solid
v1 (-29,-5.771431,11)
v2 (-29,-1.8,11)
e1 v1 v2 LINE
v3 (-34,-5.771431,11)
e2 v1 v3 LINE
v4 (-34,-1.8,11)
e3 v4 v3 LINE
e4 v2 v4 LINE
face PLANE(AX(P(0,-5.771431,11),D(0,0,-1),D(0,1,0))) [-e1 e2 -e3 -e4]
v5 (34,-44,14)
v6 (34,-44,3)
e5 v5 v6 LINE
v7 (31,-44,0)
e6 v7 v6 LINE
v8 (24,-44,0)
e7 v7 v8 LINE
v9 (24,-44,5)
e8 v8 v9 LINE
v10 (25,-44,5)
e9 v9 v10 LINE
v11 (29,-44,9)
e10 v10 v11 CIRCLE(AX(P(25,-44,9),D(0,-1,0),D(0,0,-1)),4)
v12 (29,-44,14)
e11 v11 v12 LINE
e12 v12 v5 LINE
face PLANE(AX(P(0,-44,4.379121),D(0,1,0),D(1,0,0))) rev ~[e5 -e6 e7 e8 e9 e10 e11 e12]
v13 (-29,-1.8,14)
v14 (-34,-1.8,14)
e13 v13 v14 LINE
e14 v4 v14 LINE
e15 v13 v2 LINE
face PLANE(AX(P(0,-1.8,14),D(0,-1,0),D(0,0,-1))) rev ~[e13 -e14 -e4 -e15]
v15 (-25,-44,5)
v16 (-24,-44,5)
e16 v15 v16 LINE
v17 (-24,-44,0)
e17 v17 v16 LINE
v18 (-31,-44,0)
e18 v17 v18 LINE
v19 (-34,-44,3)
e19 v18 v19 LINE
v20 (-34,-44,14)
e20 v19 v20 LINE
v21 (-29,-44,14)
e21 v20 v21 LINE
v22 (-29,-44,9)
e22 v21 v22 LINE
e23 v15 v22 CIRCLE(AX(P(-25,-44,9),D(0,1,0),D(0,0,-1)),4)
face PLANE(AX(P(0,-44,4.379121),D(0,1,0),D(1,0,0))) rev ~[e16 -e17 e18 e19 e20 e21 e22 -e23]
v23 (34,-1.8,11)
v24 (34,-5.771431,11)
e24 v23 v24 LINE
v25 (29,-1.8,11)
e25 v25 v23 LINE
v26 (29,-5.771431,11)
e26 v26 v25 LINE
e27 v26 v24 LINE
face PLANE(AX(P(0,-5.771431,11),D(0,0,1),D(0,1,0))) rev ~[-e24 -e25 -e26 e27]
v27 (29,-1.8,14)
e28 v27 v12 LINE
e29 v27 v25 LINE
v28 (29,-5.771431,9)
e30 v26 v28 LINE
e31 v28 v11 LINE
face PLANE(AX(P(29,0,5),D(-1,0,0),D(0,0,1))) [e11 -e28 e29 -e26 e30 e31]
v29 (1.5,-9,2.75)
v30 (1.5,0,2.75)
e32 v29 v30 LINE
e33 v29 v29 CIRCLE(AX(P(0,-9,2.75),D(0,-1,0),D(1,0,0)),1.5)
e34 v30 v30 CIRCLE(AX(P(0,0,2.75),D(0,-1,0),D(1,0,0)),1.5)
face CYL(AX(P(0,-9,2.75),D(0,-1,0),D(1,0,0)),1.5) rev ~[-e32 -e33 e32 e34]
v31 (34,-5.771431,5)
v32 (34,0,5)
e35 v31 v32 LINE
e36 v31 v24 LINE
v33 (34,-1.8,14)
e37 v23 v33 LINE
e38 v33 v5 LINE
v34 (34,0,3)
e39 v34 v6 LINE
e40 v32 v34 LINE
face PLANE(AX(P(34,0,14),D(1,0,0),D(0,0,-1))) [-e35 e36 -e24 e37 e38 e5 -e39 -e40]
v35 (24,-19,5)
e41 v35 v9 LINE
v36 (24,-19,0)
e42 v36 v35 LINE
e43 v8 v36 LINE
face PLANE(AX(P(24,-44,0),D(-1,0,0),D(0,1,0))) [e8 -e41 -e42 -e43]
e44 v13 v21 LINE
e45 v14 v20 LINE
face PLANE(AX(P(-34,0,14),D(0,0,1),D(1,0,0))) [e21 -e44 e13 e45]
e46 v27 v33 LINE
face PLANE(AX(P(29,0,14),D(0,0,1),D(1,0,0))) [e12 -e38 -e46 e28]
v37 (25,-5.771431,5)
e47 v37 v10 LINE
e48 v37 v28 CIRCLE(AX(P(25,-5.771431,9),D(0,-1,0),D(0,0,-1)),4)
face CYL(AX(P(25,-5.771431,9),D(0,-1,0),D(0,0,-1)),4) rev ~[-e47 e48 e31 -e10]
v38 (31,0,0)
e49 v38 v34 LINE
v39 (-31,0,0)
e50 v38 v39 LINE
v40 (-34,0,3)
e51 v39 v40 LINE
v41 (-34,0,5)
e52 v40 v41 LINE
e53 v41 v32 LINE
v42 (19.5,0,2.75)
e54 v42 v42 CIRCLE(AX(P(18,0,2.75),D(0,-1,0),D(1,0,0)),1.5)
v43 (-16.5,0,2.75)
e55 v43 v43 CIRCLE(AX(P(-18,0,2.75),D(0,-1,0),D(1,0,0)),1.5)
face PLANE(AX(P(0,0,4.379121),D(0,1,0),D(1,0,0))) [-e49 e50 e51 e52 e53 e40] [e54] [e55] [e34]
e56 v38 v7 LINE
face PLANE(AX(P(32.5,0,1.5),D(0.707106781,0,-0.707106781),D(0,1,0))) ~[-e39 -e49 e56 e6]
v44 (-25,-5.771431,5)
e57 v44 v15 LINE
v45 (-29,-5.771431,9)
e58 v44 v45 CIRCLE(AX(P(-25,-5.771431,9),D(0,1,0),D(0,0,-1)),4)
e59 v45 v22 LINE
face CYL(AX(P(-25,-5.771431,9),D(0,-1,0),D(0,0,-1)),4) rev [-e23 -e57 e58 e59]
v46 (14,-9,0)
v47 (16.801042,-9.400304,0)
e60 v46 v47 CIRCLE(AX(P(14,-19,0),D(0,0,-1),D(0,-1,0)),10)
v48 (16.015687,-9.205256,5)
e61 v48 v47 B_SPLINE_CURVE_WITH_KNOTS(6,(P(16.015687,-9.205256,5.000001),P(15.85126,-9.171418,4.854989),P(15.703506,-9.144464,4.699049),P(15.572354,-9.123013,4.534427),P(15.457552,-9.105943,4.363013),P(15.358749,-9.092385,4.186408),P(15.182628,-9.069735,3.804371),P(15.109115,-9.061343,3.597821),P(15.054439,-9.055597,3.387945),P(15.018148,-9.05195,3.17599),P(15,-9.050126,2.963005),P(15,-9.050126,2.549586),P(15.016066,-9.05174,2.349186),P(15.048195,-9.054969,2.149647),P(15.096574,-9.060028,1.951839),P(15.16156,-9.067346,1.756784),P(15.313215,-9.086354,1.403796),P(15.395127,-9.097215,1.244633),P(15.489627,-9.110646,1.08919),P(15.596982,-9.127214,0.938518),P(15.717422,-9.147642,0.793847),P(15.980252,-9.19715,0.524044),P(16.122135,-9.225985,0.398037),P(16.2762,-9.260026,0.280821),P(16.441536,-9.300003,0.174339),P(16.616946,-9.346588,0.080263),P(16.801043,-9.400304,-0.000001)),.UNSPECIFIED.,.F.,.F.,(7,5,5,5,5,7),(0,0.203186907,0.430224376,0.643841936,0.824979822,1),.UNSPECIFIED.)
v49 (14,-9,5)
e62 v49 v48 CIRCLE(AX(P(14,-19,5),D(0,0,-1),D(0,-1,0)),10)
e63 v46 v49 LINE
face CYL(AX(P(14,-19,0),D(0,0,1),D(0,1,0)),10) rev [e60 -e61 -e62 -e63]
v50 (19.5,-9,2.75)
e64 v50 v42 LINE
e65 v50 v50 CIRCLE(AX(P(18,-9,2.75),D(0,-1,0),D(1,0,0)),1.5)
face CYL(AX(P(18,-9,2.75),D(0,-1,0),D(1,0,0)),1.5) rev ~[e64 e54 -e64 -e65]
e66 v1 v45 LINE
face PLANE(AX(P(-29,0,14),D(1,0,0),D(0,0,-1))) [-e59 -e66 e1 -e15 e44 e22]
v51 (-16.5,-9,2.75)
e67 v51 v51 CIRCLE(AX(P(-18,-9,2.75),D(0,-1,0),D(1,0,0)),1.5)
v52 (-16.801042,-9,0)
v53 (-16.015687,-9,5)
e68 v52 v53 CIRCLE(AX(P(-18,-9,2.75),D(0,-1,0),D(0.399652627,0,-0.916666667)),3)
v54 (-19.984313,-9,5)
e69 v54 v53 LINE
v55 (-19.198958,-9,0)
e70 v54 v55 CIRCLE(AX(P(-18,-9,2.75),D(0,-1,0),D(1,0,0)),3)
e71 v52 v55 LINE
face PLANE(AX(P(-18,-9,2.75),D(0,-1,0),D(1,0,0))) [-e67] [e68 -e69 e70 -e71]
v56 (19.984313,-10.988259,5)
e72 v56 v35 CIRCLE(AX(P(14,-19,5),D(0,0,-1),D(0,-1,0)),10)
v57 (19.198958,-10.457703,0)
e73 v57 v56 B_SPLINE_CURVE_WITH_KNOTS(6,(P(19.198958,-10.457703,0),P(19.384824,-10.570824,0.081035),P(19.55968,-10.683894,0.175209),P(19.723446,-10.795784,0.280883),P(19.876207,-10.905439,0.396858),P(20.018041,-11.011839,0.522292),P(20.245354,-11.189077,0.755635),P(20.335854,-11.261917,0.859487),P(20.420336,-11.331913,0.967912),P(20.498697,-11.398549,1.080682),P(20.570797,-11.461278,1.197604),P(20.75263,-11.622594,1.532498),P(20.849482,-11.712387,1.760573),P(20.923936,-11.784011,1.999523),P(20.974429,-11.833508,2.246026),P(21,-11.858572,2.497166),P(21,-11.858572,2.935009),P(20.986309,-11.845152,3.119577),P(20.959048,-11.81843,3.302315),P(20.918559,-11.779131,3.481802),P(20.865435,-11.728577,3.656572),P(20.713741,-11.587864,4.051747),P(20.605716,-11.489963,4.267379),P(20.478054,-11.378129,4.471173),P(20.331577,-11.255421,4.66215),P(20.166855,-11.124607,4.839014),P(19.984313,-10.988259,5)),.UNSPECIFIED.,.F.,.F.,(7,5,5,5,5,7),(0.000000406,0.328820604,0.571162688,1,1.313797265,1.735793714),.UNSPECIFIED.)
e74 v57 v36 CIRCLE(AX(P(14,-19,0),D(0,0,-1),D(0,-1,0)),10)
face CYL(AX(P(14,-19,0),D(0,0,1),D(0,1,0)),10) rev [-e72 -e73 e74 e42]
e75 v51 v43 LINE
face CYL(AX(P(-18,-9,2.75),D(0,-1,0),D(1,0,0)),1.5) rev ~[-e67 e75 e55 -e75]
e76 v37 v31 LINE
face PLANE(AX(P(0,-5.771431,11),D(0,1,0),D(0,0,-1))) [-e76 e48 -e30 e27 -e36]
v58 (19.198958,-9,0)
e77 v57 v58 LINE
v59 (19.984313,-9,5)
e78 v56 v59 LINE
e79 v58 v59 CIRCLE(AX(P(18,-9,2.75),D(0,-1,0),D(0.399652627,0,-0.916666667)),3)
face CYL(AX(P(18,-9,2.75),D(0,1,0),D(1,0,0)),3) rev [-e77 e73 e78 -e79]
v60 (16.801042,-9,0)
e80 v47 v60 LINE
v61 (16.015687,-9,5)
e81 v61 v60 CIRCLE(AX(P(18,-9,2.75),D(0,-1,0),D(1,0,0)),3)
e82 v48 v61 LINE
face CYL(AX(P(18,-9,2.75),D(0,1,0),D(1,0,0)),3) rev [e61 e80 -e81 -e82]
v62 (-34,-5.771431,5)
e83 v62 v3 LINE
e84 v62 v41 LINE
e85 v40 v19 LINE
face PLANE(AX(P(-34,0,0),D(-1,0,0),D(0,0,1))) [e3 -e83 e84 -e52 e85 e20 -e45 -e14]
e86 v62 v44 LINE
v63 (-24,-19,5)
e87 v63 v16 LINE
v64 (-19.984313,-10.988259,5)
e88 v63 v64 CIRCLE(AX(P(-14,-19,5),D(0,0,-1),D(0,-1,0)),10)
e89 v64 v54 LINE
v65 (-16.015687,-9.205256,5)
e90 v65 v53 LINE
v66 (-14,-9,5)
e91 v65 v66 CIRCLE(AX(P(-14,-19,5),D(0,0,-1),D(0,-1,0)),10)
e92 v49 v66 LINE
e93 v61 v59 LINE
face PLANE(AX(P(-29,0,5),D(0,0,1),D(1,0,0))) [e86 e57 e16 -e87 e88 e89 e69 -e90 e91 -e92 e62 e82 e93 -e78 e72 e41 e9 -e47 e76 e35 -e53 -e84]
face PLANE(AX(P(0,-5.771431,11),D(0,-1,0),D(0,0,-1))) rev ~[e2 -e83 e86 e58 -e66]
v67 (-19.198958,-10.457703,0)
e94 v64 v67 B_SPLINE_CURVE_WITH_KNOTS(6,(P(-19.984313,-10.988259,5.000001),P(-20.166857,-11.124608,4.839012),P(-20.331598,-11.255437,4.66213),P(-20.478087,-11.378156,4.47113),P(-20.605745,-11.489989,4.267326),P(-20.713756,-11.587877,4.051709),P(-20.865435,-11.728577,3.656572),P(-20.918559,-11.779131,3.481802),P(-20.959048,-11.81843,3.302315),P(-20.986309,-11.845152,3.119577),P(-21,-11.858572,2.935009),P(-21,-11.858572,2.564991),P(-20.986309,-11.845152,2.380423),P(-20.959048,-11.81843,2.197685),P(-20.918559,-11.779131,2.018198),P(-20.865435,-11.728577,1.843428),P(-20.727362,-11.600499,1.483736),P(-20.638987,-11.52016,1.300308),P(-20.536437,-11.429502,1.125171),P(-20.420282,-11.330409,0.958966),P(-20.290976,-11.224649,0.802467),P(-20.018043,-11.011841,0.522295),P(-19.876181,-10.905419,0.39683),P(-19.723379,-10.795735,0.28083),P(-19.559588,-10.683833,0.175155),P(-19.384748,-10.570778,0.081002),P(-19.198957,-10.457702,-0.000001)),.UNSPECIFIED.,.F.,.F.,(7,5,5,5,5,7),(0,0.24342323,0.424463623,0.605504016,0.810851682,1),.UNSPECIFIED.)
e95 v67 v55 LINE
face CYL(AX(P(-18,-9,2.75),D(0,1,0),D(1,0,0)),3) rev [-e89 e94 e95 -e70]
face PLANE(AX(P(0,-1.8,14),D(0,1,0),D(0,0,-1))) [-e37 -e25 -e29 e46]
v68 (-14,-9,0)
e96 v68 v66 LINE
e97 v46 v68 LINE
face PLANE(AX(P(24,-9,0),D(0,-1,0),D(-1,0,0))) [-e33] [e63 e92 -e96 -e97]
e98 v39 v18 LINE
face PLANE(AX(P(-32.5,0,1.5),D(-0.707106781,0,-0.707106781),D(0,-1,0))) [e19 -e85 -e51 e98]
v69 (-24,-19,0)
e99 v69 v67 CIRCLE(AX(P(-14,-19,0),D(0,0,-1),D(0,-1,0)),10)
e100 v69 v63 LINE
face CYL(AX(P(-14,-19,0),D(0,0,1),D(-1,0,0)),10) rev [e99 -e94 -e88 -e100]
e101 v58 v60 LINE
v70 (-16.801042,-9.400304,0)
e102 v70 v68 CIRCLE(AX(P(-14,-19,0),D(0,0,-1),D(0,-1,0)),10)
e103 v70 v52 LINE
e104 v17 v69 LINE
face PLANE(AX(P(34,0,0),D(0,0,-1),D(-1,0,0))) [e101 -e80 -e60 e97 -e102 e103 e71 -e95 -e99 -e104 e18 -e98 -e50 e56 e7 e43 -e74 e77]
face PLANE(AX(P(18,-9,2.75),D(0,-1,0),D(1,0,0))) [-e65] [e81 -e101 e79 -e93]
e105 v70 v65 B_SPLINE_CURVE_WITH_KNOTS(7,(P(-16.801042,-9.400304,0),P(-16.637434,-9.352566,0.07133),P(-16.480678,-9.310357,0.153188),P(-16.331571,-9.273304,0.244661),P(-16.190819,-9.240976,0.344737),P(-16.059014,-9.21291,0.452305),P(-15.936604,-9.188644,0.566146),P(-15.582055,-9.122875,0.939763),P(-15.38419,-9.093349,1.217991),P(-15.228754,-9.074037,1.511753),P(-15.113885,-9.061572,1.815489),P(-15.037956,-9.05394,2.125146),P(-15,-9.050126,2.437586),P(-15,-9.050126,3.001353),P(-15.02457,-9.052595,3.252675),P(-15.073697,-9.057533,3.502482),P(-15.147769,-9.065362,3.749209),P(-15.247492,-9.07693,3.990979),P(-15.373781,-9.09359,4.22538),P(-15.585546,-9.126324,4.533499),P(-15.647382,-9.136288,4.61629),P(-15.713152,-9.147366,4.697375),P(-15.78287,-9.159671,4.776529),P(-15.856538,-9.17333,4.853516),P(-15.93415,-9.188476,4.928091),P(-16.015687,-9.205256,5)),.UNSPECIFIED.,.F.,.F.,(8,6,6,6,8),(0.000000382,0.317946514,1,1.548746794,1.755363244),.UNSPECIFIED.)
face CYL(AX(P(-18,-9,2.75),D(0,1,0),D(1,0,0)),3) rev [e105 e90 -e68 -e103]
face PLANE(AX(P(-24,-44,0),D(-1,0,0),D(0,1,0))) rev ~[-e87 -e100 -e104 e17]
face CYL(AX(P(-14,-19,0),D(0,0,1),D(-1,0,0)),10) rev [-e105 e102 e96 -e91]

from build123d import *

# Parameters (mm, degrees)
BOSS_EXTRUDE1_DEPTH     = 44
SKETCH2_W               = 48
SKETCH2_H               = 35
CUT_EXTRUDE1_DEPTH      = 15
FILLET1_R               = 10
SKETCH3_R               = 1.5
CUT_EXTRUDE2_DEPTH      = 36
CUT_EXTRUDE2_DEPTH_BACK = 10
CHAMFER1_SIZE           = 3
SKETCH4_W               = 9
SKETCH4_H               = 1.8
CUT_EXTRUDE3_DEPTH      = 35
CUT_EXTRUDE3_DEPTH_BACK = 35
SKETCH5_W               = 6
SKETCH5_H               = 3.971430967
CUT_EXTRUDE4_DEPTH      = 35
CUT_EXTRUDE4_DEPTH_BACK = 35
SKETCH6_R               = 3
CUT_EXTRUDE6_DEPTH      = 11
FILLET2_R               = 4


with BuildPart() as part:
    # Sketch1 → Boss-Extrude1 (new body)
    with BuildSketch(Plane(origin=(0, 0, 0), x_dir=(1, 0, 0), z_dir=(0, 1, 0))):
        Polygon((34, 0), (-34, 0), (-34, -14), (-29, -14), (-29, -5), (29, -5), (29, -14), (34, -14), align=None)
    extrude(amount=-BOSS_EXTRUDE1_DEPTH)

    # Sketch2 → Cut-Extrude1 (cut, through all)
    with BuildSketch(Plane(origin=(0, 0, 0), x_dir=(-1, 0, 0), z_dir=(0, 0, -1))):
        with Locations((0, -26.5)):
            Rectangle(SKETCH2_W, SKETCH2_H)
    extrude(amount=-CUT_EXTRUDE1_DEPTH, mode=Mode.SUBTRACT)

    # Fillet1
    fillet1_edges = [part.edges().sort_by_distance(p)[0] for p in [
        (-24, -9, 2.5),
        (24, -9, 2.5),
    ]]
    fillet(fillet1_edges, radius=FILLET1_R)

    # Sketch3 → Cut-Extrude2 (cut, two sides)
    with BuildSketch(Plane.XZ.offset(9)) as cut_extrude2_sk:
        with Locations((0, 2.75)):
            Circle(SKETCH3_R)
        with Locations((-18, 2.75)):
            Circle(SKETCH3_R)
        with Locations((18, 2.75)):
            Circle(SKETCH3_R)
    extrude(amount=CUT_EXTRUDE2_DEPTH, mode=Mode.SUBTRACT)
    extrude(cut_extrude2_sk.sketch, amount=-CUT_EXTRUDE2_DEPTH_BACK, mode=Mode.SUBTRACT)

    # Chamfer1
    chamfer1_edges = [part.edges().sort_by_distance(p)[0] for p in [
        (-34, -22, 0),
        (34, -22, 0),
    ]]
    chamfer(chamfer1_edges, length=CHAMFER1_SIZE)

    # Sketch4 → Cut-Extrude3 (cut, two sides)
    with BuildSketch(Plane(origin=(0, 0, 0), x_dir=(0, 0, -1), z_dir=(1, 0, 0))) as cut_extrude3_sk:
        with Locations((-9.5, -0.9)):
            Rectangle(SKETCH4_W, SKETCH4_H)
    extrude(amount=CUT_EXTRUDE3_DEPTH, mode=Mode.SUBTRACT)
    extrude(cut_extrude3_sk.sketch, amount=-CUT_EXTRUDE3_DEPTH_BACK, mode=Mode.SUBTRACT)

    # Sketch5 → Cut-Extrude4 (cut, two sides)
    with BuildSketch(Plane(origin=(0, 0, 0), x_dir=(0, 0, -1), z_dir=(1, 0, 0))) as cut_extrude4_sk:
        with Locations((-8, -3.785715484)):
            Rectangle(SKETCH5_W, SKETCH5_H)
    extrude(amount=CUT_EXTRUDE4_DEPTH, mode=Mode.SUBTRACT)
    extrude(cut_extrude4_sk.sketch, amount=-CUT_EXTRUDE4_DEPTH_BACK, mode=Mode.SUBTRACT)

    # Sketch6 → Cut-Extrude6 (cut)
    with BuildSketch(Plane.XZ.offset(9)):
        with Locations((0, 2.75)):
            Circle(SKETCH6_R)
        with Locations((18, 2.75)):
            Circle(SKETCH6_R)
        with Locations((-18, 2.75)):
            Circle(SKETCH6_R)
    extrude(amount=CUT_EXTRUDE6_DEPTH, mode=Mode.SUBTRACT)

    # Fillet2
    fillet2_edges = [part.edges().sort_by_distance(p)[0] for p in [
        (29, -24.885715483, 5),
        (-29, -24.885715483, 5),
    ]]
    fillet(fillet2_edges, radius=FILLET2_R)


solid = part.part
